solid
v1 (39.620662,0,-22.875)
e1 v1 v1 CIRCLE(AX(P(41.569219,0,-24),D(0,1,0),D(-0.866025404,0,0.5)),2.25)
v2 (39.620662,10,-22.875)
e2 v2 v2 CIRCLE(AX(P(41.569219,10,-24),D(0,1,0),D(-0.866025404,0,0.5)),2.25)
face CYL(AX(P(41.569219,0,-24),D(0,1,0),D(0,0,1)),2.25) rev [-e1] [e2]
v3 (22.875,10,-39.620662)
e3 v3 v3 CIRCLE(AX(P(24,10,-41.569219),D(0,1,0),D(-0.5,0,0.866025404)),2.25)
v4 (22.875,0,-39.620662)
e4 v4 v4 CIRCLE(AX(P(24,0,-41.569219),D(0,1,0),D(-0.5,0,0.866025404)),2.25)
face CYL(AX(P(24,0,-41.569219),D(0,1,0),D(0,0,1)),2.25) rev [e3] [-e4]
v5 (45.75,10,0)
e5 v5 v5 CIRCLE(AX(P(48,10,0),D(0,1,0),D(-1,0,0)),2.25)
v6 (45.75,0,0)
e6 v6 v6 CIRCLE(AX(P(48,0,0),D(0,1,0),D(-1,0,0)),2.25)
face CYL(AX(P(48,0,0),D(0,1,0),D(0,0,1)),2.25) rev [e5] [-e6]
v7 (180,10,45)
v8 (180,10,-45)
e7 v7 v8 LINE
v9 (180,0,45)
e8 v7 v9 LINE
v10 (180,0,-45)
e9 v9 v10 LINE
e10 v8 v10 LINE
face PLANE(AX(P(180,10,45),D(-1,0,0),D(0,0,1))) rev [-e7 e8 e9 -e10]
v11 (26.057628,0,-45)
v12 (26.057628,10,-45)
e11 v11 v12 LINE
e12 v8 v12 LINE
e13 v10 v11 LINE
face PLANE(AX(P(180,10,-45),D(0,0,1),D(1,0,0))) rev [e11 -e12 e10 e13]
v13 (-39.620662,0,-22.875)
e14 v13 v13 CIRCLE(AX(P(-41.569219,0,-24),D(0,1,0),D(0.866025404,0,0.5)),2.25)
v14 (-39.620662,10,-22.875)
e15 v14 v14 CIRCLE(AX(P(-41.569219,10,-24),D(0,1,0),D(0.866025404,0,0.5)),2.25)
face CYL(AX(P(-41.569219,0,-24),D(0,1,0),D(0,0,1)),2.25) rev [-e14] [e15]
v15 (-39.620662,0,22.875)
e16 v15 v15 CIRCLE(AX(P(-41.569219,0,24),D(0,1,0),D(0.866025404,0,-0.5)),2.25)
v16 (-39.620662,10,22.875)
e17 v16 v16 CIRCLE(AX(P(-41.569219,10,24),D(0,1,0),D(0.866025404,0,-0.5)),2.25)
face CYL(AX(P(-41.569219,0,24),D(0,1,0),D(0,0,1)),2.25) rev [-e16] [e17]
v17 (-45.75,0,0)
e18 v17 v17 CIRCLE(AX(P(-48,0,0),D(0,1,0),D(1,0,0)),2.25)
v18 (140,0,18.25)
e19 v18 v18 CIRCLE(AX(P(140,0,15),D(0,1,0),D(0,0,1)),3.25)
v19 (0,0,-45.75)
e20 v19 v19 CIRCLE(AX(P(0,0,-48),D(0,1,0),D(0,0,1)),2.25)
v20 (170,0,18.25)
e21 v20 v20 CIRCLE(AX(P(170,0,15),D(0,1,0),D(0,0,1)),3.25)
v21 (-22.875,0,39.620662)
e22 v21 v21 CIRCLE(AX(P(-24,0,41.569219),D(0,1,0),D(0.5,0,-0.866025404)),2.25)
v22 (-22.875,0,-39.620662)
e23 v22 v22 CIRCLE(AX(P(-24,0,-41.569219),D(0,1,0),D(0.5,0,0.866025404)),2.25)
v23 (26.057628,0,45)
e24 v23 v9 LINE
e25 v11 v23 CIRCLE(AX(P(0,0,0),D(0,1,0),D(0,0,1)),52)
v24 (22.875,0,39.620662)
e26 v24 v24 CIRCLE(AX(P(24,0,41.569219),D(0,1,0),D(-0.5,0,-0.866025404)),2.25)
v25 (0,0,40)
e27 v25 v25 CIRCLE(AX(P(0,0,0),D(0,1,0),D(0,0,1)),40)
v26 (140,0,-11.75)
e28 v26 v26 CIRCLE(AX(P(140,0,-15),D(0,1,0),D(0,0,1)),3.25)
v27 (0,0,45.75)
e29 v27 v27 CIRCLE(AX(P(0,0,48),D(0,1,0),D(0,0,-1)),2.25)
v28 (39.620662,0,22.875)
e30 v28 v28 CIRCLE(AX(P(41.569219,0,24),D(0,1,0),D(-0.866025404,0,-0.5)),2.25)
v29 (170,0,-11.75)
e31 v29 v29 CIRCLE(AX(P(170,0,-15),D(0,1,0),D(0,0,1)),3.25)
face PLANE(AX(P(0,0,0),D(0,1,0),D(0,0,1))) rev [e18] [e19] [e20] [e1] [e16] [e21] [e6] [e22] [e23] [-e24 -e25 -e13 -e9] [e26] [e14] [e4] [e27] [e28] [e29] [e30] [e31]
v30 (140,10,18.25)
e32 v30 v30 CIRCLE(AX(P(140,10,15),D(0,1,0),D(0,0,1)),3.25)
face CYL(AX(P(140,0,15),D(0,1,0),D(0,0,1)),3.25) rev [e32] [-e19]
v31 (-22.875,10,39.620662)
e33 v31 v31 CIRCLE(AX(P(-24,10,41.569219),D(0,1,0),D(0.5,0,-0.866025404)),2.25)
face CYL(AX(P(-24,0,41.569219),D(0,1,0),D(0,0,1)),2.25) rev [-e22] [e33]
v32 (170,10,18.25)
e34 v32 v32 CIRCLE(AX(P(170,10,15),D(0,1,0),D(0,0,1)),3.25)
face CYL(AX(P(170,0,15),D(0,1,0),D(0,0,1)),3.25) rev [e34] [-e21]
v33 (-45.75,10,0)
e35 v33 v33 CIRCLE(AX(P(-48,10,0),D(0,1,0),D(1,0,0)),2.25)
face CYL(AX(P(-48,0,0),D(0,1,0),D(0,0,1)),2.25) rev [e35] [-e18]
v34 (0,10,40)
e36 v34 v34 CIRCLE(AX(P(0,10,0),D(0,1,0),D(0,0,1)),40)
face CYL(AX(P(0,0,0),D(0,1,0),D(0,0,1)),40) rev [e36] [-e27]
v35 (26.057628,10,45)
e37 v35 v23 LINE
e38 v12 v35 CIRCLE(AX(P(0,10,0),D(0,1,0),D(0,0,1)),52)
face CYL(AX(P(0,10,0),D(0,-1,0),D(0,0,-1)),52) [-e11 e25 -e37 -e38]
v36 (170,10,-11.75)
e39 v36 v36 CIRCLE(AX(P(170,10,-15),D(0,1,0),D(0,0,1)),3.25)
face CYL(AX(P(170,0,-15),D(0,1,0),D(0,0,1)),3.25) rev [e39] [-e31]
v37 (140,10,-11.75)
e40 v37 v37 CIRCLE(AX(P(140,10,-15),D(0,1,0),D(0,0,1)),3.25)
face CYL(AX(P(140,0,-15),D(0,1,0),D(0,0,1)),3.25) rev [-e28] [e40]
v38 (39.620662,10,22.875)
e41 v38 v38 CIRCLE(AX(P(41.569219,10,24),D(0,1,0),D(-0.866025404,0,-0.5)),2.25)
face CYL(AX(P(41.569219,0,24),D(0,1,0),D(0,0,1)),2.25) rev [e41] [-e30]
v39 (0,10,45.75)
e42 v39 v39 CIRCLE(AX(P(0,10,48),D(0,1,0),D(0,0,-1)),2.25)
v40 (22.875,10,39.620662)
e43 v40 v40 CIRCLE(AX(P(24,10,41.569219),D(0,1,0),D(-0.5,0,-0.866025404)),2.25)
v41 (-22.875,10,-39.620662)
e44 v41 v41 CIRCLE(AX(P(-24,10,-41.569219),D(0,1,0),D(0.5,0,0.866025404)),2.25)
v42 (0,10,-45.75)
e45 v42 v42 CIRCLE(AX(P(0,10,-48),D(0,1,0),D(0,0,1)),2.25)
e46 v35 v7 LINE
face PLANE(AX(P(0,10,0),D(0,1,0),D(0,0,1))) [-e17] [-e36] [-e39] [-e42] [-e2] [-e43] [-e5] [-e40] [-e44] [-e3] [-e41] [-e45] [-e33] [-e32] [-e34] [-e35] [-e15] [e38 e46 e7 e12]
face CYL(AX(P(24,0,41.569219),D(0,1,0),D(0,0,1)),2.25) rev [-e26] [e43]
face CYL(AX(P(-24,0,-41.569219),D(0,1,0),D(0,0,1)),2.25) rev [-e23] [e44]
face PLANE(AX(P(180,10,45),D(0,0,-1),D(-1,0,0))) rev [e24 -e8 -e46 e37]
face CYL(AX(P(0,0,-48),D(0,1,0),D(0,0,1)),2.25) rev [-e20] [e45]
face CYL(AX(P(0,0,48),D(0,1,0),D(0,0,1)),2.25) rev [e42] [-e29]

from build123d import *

# Parameters (mm, degrees)
SKETCH1_R            = 52
BOSS_EXTRUDE1_DEPTH  = 10
SKETCH2_W            = 180
SKETCH2_H            = 90
BOSS_EXTRUDE2_DEPTH  = 10
SKETCH3_R            = 40
CUT_EXTRUDE1_DEPTH   = 10
SKETCH4_R            = 2.25
CUT_EXTRUDE2_DEPTH   = 11
CIRPATTERN1_COUNT    = 12
SKETCH5_R            = 3.25
CUT_EXTRUDE3_DEPTH   = 11
LPATTERN1_COUNT      = 2
LPATTERN1_PITCH      = 30
LPATTERN1_COUNT_DIR2 = 2
LPATTERN1_PITCH_DIR2 = 30


with BuildPart() as part:
    # Sketch1 → Boss-Extrude1 (new body)
    with BuildSketch(Plane(origin=(0, 0, 0), x_dir=(1, 0, 0), z_dir=(0, 1, 0))):
        Circle(SKETCH1_R)
    extrude(amount=BOSS_EXTRUDE1_DEPTH)

    # Sketch2 → Boss-Extrude2 (add)
    with BuildSketch(Plane(origin=(0, 0, 0), x_dir=(1, 0, 0), z_dir=(0, 1, 0))):
        with Locations((90, 0)):
            Rectangle(SKETCH2_W, SKETCH2_H)
    extrude(amount=BOSS_EXTRUDE2_DEPTH)

    # Sketch3 → Cut-Extrude1 (cut)
    with BuildSketch(Plane(origin=(0, 10, 0), x_dir=(1, 0, 0), z_dir=(0, 1, 0))):
        Circle(SKETCH3_R)
    extrude(amount=-CUT_EXTRUDE1_DEPTH, mode=Mode.SUBTRACT)

    # Sketch4 → Cut-Extrude2 (cut, through all)
    with BuildSketch(Plane(origin=(0, 10, 0), x_dir=(1, 0, 0), z_dir=(0, 1, 0))):
        with Locations((0, 48)):
            Circle(SKETCH4_R)
    cut_extrude2 = extrude(amount=-CUT_EXTRUDE2_DEPTH, mode=Mode.SUBTRACT)

    # CirPattern1: Cut-Extrude2 ×12 about axis
    cirpattern1_axis = Axis((0, 0, 0), (0, 1, 0))
    for i in range(1, CIRPATTERN1_COUNT):
        add(cut_extrude2.rotate(cirpattern1_axis, i * 360 / CIRPATTERN1_COUNT), mode=Mode.SUBTRACT)

    # Sketch5 → Cut-Extrude3 (cut, through all)
    with BuildSketch(Plane(origin=(0, 10, 0), x_dir=(1, 0, 0), z_dir=(0, 1, 0))):
        with Locations((170, 15)):
            Circle(SKETCH5_R)
    cut_extrude3 = extrude(amount=-CUT_EXTRUDE3_DEPTH, mode=Mode.SUBTRACT)

    # LPattern1: Cut-Extrude3 2 × 2
    with Locations(*[(-i * LPATTERN1_PITCH, 0, j * LPATTERN1_PITCH_DIR2) for i in range(LPATTERN1_COUNT) for j in range(LPATTERN1_COUNT_DIR2) if (i, j) != (0, 0)]):
        add(cut_extrude3, mode=Mode.SUBTRACT)


solid = part.part
